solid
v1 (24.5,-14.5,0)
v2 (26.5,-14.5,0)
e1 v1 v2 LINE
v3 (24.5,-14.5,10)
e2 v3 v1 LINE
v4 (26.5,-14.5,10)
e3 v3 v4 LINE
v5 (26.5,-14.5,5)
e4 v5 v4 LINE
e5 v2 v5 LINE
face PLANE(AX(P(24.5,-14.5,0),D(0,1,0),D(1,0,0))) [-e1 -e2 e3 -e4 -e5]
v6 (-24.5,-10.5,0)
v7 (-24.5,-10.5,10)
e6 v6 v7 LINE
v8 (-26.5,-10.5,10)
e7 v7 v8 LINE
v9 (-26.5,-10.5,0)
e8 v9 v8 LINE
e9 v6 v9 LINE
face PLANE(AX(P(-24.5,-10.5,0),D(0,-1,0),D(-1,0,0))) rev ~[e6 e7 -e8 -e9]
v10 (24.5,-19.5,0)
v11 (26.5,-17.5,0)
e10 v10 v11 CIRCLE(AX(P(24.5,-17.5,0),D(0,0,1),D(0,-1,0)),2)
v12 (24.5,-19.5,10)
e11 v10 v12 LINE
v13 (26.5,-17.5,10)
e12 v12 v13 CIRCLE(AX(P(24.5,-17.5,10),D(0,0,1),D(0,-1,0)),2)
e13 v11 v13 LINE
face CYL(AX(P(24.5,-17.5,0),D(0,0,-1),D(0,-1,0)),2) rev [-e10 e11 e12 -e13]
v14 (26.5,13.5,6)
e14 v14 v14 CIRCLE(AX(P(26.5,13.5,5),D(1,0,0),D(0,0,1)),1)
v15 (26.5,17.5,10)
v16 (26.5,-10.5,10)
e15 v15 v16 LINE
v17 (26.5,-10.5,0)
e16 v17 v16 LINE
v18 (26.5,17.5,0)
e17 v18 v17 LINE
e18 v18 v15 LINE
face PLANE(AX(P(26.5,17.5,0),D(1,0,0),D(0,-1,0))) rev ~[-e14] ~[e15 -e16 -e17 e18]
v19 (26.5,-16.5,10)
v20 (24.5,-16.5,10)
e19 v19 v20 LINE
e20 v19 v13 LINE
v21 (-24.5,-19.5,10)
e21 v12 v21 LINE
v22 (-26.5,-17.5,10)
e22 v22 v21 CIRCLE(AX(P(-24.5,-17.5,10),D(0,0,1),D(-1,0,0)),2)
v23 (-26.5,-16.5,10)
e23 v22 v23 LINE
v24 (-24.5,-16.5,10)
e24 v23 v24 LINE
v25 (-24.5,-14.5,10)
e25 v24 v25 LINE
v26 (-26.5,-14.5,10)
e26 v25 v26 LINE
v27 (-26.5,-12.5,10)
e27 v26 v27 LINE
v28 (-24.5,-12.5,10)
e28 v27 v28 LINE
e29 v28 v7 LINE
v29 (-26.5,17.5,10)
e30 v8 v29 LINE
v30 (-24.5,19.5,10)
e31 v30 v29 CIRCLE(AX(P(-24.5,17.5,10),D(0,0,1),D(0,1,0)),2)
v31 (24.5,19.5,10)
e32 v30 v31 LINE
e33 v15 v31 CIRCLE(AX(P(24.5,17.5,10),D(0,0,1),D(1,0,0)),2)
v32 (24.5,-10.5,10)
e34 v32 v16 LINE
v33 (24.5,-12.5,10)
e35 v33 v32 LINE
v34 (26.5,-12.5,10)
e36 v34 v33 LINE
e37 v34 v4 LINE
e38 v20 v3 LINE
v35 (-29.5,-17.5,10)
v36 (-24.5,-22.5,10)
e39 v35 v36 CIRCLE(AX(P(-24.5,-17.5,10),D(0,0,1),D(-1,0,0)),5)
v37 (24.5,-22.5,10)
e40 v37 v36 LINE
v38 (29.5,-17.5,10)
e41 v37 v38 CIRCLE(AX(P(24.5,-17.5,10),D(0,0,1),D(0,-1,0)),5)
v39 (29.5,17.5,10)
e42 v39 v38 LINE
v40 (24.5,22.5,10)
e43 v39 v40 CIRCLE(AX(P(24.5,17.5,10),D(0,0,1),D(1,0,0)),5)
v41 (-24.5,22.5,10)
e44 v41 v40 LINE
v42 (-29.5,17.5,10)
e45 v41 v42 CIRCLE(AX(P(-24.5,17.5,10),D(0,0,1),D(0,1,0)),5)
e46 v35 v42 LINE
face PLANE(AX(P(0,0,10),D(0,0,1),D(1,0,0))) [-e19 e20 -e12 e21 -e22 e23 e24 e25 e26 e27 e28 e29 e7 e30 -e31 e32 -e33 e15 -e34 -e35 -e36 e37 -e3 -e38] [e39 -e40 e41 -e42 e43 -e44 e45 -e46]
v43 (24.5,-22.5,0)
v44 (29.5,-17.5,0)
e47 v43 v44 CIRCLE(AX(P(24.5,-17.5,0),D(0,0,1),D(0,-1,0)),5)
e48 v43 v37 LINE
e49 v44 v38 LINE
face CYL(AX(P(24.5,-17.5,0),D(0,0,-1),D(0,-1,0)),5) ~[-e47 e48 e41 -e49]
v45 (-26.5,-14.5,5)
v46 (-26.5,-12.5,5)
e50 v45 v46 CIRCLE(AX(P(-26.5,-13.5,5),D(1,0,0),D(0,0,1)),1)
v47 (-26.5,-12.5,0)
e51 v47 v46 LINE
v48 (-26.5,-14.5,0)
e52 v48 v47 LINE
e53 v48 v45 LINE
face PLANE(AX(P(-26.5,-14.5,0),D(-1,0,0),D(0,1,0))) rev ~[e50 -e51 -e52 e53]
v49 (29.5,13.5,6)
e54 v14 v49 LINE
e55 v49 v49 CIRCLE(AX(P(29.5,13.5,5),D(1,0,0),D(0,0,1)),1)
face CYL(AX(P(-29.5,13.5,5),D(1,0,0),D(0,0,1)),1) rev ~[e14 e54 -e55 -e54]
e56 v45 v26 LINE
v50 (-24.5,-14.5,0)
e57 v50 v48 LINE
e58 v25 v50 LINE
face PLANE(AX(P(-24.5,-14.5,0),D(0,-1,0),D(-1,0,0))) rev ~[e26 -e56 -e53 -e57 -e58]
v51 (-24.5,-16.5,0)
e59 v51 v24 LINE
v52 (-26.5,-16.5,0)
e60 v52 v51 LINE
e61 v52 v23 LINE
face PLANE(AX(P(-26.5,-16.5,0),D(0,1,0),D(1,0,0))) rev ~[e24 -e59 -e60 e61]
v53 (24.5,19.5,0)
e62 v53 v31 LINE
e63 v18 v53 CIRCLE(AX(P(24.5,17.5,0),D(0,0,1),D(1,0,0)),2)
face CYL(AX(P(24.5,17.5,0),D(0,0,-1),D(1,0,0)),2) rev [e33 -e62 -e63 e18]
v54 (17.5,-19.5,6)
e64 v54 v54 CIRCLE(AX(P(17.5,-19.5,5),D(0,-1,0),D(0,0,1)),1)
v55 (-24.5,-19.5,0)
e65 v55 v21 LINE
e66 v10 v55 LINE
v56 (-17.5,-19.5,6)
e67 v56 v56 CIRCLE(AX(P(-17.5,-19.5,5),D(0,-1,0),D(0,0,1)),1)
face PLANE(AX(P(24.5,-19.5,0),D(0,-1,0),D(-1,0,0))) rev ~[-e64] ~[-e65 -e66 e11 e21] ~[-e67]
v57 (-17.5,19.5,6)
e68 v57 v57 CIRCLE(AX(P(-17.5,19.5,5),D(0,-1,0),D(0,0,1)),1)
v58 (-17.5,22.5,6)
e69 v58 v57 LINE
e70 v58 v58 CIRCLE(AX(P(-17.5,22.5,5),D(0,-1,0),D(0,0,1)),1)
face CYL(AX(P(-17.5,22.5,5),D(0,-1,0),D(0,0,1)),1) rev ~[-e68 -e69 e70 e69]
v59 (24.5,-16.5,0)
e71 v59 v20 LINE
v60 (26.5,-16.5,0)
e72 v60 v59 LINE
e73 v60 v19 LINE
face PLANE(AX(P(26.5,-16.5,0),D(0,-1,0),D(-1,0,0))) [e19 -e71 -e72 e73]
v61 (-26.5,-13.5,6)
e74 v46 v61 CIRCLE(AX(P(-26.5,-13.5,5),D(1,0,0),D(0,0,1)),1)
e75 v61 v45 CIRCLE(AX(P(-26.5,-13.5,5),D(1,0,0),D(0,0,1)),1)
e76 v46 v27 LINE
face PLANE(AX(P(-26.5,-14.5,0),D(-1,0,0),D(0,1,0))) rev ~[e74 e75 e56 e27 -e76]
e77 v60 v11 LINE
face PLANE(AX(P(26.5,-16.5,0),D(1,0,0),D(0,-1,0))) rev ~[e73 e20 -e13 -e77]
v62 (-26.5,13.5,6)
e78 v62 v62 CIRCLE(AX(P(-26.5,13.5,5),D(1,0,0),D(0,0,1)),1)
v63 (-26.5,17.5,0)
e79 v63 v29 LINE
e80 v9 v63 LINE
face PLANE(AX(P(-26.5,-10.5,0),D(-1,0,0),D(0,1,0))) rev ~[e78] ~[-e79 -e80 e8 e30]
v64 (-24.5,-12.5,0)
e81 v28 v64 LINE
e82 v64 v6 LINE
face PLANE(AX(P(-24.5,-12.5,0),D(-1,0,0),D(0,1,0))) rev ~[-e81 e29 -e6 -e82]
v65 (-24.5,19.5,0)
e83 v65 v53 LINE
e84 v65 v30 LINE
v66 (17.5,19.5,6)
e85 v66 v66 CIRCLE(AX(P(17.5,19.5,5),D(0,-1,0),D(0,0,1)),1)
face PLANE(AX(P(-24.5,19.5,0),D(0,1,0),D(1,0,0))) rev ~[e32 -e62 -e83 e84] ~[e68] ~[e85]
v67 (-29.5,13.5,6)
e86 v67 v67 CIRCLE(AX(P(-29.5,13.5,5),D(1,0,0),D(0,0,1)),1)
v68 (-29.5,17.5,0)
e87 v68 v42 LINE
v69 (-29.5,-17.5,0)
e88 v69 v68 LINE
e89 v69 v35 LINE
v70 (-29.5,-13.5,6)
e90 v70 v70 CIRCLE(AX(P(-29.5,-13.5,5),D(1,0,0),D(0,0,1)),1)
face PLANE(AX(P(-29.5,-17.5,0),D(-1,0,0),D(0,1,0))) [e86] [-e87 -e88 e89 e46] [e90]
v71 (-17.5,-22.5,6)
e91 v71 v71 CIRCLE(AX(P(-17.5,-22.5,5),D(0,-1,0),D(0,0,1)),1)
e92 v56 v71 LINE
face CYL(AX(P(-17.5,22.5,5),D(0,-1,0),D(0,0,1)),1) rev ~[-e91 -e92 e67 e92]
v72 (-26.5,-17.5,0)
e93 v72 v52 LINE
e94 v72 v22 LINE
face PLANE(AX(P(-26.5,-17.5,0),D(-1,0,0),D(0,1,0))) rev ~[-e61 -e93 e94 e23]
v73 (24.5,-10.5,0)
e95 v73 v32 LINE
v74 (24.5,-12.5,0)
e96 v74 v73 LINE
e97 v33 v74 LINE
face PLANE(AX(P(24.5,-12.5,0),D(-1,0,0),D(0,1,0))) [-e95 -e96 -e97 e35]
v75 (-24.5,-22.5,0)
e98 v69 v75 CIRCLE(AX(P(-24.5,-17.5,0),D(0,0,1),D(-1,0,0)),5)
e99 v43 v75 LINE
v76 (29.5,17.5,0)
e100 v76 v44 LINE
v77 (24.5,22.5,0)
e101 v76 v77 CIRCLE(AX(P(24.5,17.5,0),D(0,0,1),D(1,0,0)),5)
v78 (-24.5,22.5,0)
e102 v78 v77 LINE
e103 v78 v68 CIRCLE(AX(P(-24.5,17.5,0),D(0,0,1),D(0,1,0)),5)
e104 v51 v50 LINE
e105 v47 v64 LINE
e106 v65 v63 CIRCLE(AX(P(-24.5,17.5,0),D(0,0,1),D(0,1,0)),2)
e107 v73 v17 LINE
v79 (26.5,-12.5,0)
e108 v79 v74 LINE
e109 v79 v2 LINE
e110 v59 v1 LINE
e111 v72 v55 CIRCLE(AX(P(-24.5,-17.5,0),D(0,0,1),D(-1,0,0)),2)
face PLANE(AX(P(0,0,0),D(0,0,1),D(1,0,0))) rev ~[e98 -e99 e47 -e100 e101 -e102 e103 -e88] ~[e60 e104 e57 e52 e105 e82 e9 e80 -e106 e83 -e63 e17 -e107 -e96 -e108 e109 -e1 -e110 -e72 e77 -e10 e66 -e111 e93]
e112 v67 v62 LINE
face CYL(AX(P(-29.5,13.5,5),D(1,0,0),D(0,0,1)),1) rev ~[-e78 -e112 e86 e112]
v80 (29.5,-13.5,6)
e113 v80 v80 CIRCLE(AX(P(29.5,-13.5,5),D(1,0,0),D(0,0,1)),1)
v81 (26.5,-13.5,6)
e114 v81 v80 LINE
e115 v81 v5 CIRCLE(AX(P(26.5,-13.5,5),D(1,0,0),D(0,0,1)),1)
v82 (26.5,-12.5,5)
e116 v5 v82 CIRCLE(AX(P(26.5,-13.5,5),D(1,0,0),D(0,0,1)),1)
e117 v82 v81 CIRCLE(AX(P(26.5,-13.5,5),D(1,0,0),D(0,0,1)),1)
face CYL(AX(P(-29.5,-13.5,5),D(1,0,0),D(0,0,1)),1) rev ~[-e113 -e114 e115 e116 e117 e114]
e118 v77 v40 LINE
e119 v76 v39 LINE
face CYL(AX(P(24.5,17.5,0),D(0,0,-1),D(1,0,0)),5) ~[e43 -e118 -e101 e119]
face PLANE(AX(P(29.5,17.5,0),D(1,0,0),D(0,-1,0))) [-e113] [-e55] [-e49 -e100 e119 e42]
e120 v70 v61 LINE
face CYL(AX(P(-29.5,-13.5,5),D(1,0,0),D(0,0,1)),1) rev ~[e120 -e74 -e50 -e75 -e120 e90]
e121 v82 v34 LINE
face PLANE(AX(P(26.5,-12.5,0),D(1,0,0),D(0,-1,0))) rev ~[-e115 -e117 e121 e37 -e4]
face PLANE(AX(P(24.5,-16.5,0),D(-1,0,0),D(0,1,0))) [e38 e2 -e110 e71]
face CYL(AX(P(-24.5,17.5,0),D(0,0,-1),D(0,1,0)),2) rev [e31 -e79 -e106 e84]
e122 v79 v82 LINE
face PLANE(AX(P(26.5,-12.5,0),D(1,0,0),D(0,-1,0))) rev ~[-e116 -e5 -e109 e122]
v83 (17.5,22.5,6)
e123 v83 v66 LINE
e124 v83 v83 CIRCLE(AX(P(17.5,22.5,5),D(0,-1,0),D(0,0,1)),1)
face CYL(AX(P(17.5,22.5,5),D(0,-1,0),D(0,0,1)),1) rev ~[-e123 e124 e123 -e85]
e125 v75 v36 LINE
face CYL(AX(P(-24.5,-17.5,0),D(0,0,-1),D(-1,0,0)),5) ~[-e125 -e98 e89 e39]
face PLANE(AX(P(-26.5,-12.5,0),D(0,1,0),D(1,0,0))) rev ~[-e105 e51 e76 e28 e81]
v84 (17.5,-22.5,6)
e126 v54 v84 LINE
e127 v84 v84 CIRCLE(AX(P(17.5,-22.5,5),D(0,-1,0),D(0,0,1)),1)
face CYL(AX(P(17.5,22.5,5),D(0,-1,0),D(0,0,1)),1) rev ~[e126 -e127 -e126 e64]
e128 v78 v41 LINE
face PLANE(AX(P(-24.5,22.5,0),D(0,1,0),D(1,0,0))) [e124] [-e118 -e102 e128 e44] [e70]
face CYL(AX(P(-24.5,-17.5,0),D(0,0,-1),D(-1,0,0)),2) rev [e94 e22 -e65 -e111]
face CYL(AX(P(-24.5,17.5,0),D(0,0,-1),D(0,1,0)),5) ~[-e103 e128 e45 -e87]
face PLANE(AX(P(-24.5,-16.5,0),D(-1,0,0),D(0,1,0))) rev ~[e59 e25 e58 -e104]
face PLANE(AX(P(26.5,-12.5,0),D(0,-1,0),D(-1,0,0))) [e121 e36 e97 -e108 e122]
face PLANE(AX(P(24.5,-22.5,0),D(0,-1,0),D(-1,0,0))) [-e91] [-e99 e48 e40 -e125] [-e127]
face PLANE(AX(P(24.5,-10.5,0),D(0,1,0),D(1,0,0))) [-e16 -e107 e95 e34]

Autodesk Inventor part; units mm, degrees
ref_plane "YZ Plane" through (0, 0, 0) normal (1, 0, 0) x (0, 1, 0)
ref_plane "XZ Plane" through (0, 0, 0) normal (0, 1, 0) x (-1, 0, 0)
ref_plane "XY Plane" through (0, 0, 0) normal (0, 0, 1) x (1, 0, 0)
sketch "Sketch1" plane through (0, 0, 0) normal (0, 0, 1) x (1, 0, 0)
  line L0 (-24.5, 22.5) -> (24.5, 22.5)
  line L1 (29.5, 17.5) -> (29.5, -17.5)
  line L2 (24.5, -22.5) -> (-24.5, -22.5)
  line L3 (-29.5, -17.5) -> (-29.5, 17.5)
  arc A0 (-24.5, 22.5) -> (-29.5, 17.5) centre (-24.5, 17.5) ccw
  arc A1 (29.5, 17.5) -> (24.5, 22.5) centre (24.5, 17.5) ccw
  arc A2 (24.5, -22.5) -> (29.5, -17.5) centre (24.5, -17.5) ccw
  arc A3 (-29.5, -17.5) -> (-24.5, -22.5) centre (-24.5, -17.5) ccw
  line L4 (-24.5, 19.5) -> (24.5, 19.5)
  line L5 (24.5, -19.5) -> (-24.5, -19.5)
  arc A4 (-24.5, 19.5) -> (-26.5, 17.5) centre (-24.5, 17.5) ccw
  arc A5 (-26.5, -17.5) -> (-24.5, -19.5) centre (-24.5, -17.5) ccw
  arc A6 (26.5, 17.5) -> (24.5, 19.5) centre (24.5, 17.5) ccw
  arc A7 (24.5, -19.5) -> (26.5, -17.5) centre (24.5, -17.5) ccw
  line L6 (-26.5, -16.5) -> (-24.5, -16.5)
  line L7 (-24.5, -16.5) -> (-24.5, -14.5)
  line L8 (-24.5, -14.5) -> (-26.5, -14.5)
  line L9 (-26.5, -12.5) -> (-24.5, -12.5)
  line L10 (-24.5, -12.5) -> (-24.5, -10.5)
  line L11 (-24.5, -10.5) -> (-26.5, -10.5)
  line L12 (26.5, -16.5) -> (24.5, -16.5)
  line L13 (24.5, -14.5) -> (26.5, -14.5)
  line L14 (26.5, -12.5) -> (24.5, -12.5)
  line L15 (24.5, -10.5) -> (26.5, -10.5)
  line L16 (-26.5, -10.5) -> (-26.5, 17.5)
  line L17 (-26.5, -17.5) -> (-26.5, -16.5)
  line L18 (-26.5, -14.5) -> (-26.5, -12.5)
  line L19 (26.5, 17.5) -> (26.5, -10.5)
  line L20 (26.5, -12.5) -> (26.5, -14.5)
  line L21 (26.5, -16.5) -> (26.5, -17.5)
  line L22 (24.5, -12.5) -> (24.5, -10.5)
  line L23 (24.5, -16.5) -> (24.5, -14.5)
  point P0 (0, 0)
  point P1 (0, 22.5)
  point P2 (-29.5, 0)
  point P3 (0, 19.5)
  point P4 (-26.5, 0)
  dimension "d0" = 5
  dimension "d1" = 59
  dimension "d2" = 45
  dimension "d4" = 3
  dimension "d6" = 3
  dimension "d7" = 2
  dimension "d8" = 2
  dimension "d9" = 3
extrude "Extrusion1" add sketch "Sketch1" along normal blind 10
sketch "Sketch3" plane through (-29.5, -17.5, 0) normal (-1, 0, 0) x (0, 0, 1)
  line L0 (0, 0) -> (0, 35) projected
  line L1 (0, 0) -> (10, 0) projected
  line L2 (10, 35) -> (10, 0) projected
  line L3 (0, 35) -> (10, 35) projected
  line L4 (5, 31) -> (5, 4) construction
  point P0 (0, 17.5)
  point P1 (5, 35)
  point P2 (0, 17.5)
  point P3 (5, 17.5)
  dimension "d20" = 27
sketch "Sketch2" plane through (-24.5, 22.5, 0) normal (0, 1, 0) x (1, 0, 0)
  line L0 (0, 0) -> (49, 0) projected
  line L1 (0, 0) -> (0, -10) projected
  line L2 (49, -10) -> (0, -10) projected
  line L3 (49, 0) -> (49, -10) projected
  line L4 (7, -5) -> (42, -5) construction
  point P0 (24.5, 0)
  point P1 (0, -5)
  point P2 (24.5, 0)
  point P3 (24.5, -5)
  dimension "d12" = 35
hole "Hole1" at (-17.5, 22.5, 5) at (17.5, 22.5, 5) direction (0, -1, 0) diameter 2 end through all
hole "Hole2" at (-29.5, 13.5, 5) at (-29.5, -13.5, 5) direction (1, 0, 0) diameter 2 end through all
equation "\"d4\" = d3"
equation "\"d6\" = d3"
equation "\"d3\" = 3"
properties part number "Board_holder"
